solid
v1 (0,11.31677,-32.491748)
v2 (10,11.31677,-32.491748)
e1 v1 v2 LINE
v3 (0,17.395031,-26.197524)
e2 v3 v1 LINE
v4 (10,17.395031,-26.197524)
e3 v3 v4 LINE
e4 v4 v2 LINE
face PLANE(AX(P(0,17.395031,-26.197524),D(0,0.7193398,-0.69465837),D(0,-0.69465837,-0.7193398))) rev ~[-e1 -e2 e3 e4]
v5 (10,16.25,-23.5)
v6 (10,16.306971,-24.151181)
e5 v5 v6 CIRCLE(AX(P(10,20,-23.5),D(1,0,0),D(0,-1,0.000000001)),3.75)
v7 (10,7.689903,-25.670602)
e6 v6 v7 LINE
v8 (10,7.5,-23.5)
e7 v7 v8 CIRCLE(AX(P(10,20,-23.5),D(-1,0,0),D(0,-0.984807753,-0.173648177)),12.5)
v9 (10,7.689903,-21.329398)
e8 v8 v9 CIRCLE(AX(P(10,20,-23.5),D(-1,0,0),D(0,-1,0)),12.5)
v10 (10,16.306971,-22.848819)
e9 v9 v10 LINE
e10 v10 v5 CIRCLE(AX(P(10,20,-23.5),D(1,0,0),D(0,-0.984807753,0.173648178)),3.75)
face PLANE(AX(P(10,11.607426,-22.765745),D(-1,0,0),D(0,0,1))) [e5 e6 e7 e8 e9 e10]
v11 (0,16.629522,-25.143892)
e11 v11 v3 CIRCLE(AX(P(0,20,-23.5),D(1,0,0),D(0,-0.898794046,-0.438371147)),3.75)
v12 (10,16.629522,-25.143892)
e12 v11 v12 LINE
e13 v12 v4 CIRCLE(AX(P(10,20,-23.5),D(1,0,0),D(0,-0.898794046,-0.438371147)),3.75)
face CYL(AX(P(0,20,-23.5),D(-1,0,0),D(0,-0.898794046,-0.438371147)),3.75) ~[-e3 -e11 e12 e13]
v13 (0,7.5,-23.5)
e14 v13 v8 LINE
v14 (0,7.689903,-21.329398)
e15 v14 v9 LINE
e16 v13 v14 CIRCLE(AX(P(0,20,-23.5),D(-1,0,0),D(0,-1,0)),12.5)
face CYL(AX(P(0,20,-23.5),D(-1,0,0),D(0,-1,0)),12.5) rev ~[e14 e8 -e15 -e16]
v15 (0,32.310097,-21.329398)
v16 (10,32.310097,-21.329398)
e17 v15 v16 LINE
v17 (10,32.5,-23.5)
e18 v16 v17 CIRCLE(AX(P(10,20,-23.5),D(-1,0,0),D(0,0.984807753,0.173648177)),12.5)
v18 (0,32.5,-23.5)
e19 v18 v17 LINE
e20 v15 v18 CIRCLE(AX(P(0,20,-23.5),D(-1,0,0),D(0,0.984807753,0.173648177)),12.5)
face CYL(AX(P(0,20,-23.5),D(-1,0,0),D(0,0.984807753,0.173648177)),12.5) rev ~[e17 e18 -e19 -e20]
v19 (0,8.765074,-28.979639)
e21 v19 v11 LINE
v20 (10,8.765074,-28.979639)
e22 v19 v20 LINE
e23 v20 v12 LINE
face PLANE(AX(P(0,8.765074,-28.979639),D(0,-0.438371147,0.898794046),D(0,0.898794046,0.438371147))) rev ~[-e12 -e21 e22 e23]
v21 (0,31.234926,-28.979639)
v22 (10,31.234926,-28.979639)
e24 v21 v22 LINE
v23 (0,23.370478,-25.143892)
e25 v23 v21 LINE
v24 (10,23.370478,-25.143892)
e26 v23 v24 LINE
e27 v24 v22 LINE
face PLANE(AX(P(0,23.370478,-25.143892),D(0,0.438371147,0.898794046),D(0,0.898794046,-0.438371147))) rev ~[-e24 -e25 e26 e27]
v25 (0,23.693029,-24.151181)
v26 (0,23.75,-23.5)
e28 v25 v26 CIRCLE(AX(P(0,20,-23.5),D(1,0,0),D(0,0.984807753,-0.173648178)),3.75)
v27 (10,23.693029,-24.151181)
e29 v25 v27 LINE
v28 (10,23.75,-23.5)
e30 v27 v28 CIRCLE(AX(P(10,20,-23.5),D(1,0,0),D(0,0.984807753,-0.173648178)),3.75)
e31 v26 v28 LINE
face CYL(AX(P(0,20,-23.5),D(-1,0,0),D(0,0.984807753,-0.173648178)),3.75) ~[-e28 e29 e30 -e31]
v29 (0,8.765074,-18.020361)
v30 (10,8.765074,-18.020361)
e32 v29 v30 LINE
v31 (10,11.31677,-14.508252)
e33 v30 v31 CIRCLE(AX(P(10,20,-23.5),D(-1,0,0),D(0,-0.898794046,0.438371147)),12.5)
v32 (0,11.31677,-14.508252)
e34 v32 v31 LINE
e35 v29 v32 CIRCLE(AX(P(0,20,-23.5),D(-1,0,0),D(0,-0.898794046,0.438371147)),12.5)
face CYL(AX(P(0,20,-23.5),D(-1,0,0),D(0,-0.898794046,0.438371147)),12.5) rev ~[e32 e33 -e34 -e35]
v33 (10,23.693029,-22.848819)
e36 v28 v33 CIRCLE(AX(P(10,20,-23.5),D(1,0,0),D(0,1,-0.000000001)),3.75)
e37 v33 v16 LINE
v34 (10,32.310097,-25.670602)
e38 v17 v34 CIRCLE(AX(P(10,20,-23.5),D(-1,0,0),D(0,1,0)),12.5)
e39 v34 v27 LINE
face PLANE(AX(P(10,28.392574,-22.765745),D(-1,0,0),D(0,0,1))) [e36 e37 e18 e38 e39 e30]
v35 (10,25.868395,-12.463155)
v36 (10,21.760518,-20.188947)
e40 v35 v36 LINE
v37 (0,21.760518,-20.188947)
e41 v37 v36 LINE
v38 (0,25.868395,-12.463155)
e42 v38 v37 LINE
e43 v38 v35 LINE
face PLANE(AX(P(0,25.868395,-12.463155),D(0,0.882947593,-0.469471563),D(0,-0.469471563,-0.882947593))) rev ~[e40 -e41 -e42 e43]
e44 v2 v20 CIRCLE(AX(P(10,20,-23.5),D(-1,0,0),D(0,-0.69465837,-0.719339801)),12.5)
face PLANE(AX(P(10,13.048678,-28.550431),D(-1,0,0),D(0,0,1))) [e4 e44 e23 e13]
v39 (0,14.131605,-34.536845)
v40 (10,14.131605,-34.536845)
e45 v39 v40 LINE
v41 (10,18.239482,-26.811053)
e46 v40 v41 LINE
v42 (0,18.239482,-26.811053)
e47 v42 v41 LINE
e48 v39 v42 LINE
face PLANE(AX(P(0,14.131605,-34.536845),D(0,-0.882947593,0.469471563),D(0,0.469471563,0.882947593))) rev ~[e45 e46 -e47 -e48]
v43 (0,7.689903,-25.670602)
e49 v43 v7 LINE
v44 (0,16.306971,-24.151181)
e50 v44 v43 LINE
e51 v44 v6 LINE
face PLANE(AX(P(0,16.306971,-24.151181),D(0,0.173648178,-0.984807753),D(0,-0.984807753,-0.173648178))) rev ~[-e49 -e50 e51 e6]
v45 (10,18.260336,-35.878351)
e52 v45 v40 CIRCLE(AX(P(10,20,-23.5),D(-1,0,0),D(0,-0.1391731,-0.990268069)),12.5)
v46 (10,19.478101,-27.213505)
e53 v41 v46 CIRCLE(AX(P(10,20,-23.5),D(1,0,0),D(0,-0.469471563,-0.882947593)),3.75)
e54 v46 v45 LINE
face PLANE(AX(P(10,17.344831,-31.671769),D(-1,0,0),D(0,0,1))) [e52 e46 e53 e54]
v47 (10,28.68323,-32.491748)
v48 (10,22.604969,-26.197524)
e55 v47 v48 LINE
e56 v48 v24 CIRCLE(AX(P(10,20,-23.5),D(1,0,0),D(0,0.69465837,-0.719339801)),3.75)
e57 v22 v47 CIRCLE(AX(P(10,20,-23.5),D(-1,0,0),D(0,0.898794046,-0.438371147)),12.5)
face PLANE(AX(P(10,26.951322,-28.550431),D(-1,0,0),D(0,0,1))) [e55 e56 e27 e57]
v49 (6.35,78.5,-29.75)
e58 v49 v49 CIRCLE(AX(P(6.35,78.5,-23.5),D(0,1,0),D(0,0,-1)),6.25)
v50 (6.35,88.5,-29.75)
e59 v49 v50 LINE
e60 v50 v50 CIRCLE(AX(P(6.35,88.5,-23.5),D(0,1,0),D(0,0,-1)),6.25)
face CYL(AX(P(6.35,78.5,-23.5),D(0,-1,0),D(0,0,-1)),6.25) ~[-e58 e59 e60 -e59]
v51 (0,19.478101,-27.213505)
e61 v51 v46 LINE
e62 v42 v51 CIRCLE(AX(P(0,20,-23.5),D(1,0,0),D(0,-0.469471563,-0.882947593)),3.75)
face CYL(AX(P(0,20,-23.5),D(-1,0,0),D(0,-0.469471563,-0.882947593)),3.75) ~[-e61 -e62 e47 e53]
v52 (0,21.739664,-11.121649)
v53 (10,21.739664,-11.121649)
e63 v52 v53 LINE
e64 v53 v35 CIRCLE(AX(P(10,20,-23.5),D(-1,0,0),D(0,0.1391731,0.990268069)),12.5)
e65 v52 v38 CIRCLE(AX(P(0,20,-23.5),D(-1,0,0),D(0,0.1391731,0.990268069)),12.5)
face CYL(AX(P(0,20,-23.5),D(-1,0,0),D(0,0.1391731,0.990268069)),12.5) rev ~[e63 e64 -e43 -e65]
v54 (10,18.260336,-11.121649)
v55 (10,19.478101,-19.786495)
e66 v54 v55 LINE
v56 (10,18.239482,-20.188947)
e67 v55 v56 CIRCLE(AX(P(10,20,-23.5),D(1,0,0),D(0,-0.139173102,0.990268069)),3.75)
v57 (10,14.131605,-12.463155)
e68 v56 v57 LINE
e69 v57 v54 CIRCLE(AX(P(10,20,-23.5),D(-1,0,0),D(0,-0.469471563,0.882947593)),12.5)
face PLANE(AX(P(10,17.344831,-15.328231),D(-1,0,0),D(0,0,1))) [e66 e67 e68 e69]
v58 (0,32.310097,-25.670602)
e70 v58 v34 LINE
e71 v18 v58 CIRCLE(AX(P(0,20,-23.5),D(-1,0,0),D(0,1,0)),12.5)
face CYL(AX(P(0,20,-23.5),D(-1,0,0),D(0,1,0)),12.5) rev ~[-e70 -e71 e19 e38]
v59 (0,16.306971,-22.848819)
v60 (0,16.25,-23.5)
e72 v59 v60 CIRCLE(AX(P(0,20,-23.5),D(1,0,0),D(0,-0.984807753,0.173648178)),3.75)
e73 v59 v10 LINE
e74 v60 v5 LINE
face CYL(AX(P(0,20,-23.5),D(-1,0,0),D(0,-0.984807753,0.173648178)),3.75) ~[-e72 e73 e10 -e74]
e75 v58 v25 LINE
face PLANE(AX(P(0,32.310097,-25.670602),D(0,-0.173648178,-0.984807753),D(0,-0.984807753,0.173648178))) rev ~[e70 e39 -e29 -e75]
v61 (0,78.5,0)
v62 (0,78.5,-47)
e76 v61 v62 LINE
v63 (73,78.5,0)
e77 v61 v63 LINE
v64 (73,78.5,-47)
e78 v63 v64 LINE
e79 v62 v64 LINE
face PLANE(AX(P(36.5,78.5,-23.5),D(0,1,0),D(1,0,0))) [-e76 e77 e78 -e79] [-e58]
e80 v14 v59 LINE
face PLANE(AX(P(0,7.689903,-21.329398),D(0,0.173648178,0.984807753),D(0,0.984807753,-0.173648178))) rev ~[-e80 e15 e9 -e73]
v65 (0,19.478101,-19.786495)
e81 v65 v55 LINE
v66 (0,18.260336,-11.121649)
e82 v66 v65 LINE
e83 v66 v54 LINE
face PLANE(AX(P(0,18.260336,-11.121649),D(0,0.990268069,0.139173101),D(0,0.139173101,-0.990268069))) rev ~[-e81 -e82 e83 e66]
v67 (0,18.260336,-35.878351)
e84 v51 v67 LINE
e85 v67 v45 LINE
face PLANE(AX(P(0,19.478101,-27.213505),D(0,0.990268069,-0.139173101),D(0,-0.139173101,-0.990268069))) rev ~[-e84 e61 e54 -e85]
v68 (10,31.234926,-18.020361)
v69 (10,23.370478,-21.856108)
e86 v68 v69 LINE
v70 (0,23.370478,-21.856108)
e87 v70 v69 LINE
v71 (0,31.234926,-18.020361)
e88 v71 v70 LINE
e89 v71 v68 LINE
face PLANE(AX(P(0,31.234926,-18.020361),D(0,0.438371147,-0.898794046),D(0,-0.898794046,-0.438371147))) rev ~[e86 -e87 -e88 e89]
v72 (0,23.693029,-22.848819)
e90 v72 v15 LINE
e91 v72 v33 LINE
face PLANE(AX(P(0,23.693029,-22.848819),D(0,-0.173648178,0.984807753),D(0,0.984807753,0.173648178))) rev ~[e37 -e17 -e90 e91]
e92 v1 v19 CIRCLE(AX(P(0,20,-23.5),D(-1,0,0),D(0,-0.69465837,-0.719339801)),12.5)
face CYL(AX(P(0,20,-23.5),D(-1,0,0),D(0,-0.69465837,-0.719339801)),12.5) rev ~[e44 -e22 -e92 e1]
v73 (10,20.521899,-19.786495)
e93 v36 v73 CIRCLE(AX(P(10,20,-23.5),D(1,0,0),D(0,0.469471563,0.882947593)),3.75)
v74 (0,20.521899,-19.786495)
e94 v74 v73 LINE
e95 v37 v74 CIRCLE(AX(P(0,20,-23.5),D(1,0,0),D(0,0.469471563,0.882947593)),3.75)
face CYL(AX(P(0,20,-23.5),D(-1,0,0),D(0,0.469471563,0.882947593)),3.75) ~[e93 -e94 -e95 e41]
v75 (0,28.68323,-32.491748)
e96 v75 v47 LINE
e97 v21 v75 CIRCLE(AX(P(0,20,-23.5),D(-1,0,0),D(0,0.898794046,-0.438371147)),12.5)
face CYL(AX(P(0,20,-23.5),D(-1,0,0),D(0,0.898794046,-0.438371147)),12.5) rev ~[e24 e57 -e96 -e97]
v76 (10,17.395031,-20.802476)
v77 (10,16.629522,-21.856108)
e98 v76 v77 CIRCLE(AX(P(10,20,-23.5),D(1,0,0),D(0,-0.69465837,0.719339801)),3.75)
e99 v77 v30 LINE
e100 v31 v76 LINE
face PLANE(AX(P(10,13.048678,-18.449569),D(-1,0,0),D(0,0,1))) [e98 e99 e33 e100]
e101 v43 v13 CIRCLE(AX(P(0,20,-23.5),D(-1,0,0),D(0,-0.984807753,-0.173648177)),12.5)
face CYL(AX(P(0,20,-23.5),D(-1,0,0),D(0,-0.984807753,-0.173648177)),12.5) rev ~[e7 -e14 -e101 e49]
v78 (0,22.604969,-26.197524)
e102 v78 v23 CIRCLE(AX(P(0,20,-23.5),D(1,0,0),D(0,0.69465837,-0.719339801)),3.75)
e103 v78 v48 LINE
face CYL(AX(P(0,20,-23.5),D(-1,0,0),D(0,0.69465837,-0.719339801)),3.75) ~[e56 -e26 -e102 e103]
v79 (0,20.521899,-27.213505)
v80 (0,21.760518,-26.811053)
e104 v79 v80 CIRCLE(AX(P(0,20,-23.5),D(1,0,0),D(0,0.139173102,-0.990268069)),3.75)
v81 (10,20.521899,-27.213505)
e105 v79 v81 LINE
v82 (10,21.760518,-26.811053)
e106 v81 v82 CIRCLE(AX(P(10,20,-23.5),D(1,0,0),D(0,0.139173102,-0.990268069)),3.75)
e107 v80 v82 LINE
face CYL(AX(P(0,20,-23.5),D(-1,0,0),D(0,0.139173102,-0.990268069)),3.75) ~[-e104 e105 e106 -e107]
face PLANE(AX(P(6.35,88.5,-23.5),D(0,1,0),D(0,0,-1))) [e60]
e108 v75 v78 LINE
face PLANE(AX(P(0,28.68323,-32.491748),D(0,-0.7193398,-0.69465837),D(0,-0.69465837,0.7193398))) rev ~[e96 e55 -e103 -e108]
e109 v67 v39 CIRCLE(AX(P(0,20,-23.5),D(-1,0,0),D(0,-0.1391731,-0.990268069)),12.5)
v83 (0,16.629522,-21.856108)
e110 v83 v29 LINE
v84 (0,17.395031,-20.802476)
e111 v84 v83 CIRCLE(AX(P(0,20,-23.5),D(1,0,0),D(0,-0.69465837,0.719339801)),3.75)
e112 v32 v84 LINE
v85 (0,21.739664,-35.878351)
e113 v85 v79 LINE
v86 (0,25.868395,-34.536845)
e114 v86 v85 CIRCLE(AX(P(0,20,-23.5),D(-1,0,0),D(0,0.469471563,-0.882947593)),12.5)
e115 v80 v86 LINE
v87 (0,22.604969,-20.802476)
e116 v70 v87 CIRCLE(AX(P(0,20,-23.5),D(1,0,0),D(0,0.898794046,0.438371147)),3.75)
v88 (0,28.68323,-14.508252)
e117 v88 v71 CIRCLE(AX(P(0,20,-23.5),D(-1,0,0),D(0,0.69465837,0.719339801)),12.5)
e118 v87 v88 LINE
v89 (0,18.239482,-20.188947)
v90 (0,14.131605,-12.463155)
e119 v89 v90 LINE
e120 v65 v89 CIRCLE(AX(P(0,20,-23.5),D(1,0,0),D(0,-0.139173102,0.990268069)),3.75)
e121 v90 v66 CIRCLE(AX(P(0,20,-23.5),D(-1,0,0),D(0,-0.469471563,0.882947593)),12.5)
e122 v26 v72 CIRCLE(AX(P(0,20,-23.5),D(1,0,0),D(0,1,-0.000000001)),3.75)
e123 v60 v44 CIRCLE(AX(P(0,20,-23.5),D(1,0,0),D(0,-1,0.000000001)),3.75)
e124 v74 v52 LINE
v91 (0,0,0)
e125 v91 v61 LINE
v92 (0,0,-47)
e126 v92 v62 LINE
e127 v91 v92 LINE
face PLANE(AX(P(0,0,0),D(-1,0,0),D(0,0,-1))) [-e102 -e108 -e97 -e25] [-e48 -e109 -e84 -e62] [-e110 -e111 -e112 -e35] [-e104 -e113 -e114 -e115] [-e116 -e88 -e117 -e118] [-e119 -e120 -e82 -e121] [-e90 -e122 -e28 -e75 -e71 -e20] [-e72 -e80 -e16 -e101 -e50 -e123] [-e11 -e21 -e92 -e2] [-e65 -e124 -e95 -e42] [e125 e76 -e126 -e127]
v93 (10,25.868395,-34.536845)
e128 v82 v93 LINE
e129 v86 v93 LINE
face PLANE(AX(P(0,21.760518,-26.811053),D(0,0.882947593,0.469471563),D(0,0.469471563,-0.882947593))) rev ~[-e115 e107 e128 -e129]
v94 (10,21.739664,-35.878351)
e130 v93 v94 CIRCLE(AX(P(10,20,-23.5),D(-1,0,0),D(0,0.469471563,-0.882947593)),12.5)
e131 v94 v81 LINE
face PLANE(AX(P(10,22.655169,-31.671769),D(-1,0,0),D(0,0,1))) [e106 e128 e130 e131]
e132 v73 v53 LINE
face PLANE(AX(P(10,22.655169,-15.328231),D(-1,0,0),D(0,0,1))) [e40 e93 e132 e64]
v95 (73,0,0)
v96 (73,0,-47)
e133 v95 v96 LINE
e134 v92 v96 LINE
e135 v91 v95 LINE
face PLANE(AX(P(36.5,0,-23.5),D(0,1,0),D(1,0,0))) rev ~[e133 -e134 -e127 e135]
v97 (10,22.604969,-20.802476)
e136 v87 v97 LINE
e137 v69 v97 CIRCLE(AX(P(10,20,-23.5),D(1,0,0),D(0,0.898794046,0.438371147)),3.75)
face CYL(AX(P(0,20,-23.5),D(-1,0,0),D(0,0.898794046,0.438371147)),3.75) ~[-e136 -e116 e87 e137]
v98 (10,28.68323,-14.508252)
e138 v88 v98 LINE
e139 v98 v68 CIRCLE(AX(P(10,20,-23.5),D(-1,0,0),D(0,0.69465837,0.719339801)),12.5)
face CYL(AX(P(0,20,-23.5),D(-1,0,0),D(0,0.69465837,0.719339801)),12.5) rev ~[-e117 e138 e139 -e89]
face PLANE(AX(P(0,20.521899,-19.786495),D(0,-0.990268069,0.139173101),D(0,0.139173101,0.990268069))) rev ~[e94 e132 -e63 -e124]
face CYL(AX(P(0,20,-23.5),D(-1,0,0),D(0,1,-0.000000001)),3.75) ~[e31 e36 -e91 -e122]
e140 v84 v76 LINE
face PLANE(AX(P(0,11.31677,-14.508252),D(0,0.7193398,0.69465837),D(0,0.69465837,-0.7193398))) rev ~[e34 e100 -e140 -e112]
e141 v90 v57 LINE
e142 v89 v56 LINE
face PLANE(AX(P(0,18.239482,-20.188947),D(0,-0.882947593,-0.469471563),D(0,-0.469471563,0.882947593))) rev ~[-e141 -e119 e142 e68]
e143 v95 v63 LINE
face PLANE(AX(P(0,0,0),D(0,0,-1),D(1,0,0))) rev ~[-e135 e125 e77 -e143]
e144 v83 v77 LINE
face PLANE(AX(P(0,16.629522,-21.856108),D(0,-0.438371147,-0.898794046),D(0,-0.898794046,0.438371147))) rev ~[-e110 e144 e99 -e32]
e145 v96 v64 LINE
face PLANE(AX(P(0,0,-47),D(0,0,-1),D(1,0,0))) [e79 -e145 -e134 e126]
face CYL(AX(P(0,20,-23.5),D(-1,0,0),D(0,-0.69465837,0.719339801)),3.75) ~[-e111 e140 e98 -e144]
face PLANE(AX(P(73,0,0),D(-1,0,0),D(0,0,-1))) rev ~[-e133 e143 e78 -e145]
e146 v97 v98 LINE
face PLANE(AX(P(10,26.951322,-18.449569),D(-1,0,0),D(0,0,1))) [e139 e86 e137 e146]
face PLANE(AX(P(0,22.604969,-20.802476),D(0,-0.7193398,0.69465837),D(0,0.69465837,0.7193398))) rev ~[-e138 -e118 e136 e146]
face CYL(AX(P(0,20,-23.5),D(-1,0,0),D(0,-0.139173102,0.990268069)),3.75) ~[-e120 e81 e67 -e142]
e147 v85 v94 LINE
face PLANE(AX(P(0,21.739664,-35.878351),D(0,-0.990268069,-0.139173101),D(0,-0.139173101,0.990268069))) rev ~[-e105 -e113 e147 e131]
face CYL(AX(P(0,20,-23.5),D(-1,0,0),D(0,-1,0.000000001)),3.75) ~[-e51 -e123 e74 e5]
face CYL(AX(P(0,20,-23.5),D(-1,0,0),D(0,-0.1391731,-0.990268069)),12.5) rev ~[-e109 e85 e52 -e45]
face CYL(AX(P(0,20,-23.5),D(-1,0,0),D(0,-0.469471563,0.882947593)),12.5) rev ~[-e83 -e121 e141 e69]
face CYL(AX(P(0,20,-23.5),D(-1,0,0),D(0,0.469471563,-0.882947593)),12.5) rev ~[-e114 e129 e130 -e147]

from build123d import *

# Parameters (mm, degrees)
SKETCH1_W           = 73
SKETCH1_H           = 47
BOSS_EXTRUDE1_DEPTH = 78.5
SKETCH2_R           = 6.25
BOSS_EXTRUDE2_DEPTH = 10
CUT_EXTRUDE1_DEPTH  = 10


with BuildPart() as part:
    # Sketch1 → Boss-Extrude1 (new body)
    with BuildSketch(Plane(origin=(0, 0, 0), x_dir=(1, 0, 0), z_dir=(0, 1, 0))):
        with Locations((36.5, 23.5)):
            Rectangle(SKETCH1_W, SKETCH1_H)
    extrude(amount=BOSS_EXTRUDE1_DEPTH)

    # Sketch2 → Boss-Extrude2 (add)
    with BuildSketch(Plane(origin=(0, 78.5, 0), x_dir=(1, 0, 0), z_dir=(0, 1, 0))):
        with Locations(Location((6.35, 23.5, 0), (0, 0, 90))):
            Circle(SKETCH2_R)
    extrude(amount=BOSS_EXTRUDE2_DEPTH)

    # Sketch3 → Cut-Extrude1 (cut)
    with BuildSketch(Plane.ZY):
        with BuildLine():
            ThreePointArc((-21.329397779, 32.310096913), (-22.410553216, 32.452433726), (-23.5, 32.5))
            Line((-23.5, 32.5), (-23.5, 23.75))
            ThreePointArc((-23.5, 23.75), (-23.173165965, 23.735730118), (-22.848819334, 23.693029074))
            Line((-22.848819334, 23.693029074), (-21.329397779, 32.310096913))
        make_face()
        with BuildLine():
            Line((-23.5, 23.75), (-23.5, 32.5))
            ThreePointArc((-23.5, 32.5), (-24.589446784, 32.452433726), (-25.670602221, 32.310096913))
            Line((-25.670602221, 32.310096913), (-24.151180666, 23.693029074))
            ThreePointArc((-24.151180666, 23.693029074), (-23.826834035, 23.735730118), (-23.5, 23.75))
        make_face()
        with BuildLine():
            Line((-18.020360665, 31.234925579), (-21.8561082, 23.370477674))
            ThreePointArc((-21.8561082, 23.370477674), (-21.295805304, 23.033813729), (-20.802475749, 22.604968889))
            Line((-20.802475749, 22.604968889), (-14.508252496, 28.683229631))
            ThreePointArc((-14.508252496, 28.683229631), (-16.152684346, 30.11271243), (-18.020360665, 31.234925579))
        make_face()
        with BuildLine():
            Line((-12.463155089, 25.868394535), (-20.188946527, 21.76051836))
            ThreePointArc((-20.188946527, 21.76051836), (-19.933538064, 21.158813729), (-19.786494742, 20.521899129))
            Line((-19.786494742, 20.521899129), (-11.121649141, 21.739663762))
            ThreePointArc((-11.121649141, 21.739663762), (-11.611793546, 23.86271243), (-12.463155089, 25.868394535))
        make_face()
        with BuildLine():
            Line((-11.121649141, 18.260336238), (-19.786494742, 19.478100871))
            ThreePointArc((-19.786494742, 19.478100871), (-19.933538064, 18.841186271), (-20.188946527, 18.23948164))
            Line((-20.188946527, 18.23948164), (-12.463155089, 14.131605465))
            ThreePointArc((-12.463155089, 14.131605465), (-11.611793546, 16.13728757), (-11.121649141, 18.260336238))
        make_face()
        with BuildLine():
            Line((-21.8561082, 16.629522326), (-18.020360665, 8.765074421))
            ThreePointArc((-18.020360665, 8.765074421), (-16.152684346, 9.88728757), (-14.508252496, 11.316770369))
            Line((-14.508252496, 11.316770369), (-20.802475749, 17.395031111))
            ThreePointArc((-20.802475749, 17.395031111), (-21.295805304, 16.966186271), (-21.8561082, 16.629522326))
        make_face()
        with BuildLine():
            Line((-23.5, 16.25), (-23.5, 7.5))
            ThreePointArc((-23.5, 7.5), (-22.410553216, 7.547566274), (-21.329397779, 7.689903087))
            Line((-21.329397779, 7.689903087), (-22.848819334, 16.306970926))
            ThreePointArc((-22.848819334, 16.306970926), (-23.173165965, 16.264269882), (-23.5, 16.25))
        make_face()
        with BuildLine():
            ThreePointArc((-25.670602221, 7.689903087), (-24.589446784, 7.547566274), (-23.5, 7.5))
            Line((-23.5, 7.5), (-23.5, 16.25))
            ThreePointArc((-23.5, 16.25), (-23.826834035, 16.264269882), (-24.151180666, 16.306970926))
            Line((-24.151180666, 16.306970926), (-25.670602221, 7.689903087))
        make_face()
        with BuildLine():
            ThreePointArc((-32.491747504, 11.316770369), (-30.847315654, 9.88728757), (-28.979639335, 8.765074421))
            Line((-28.979639335, 8.765074421), (-25.1438918, 16.629522326))
            ThreePointArc((-25.1438918, 16.629522326), (-25.704194696, 16.966186271), (-26.197524251, 17.395031111))
            Line((-26.197524251, 17.395031111), (-32.491747504, 11.316770369))
        make_face()
        with BuildLine():
            Line((-34.536844911, 14.131605465), (-26.811053473, 18.23948164))
            ThreePointArc((-26.811053473, 18.23948164), (-27.066461936, 18.841186271), (-27.213505258, 19.478100871))
            Line((-27.213505258, 19.478100871), (-35.878350859, 18.260336238))
            ThreePointArc((-35.878350859, 18.260336238), (-35.388206454, 16.13728757), (-34.536844911, 14.131605465))
        make_face()
        with BuildLine():
            Line((-35.878350859, 21.739663762), (-27.213505258, 20.521899129))
            ThreePointArc((-27.213505258, 20.521899129), (-27.066461936, 21.158813729), (-26.811053473, 21.76051836))
            Line((-26.811053473, 21.76051836), (-34.536844911, 25.868394535))
            ThreePointArc((-34.536844911, 25.868394535), (-35.388206454, 23.86271243), (-35.878350859, 21.739663762))
        make_face()
        with BuildLine():
            Line((-32.491747504, 28.683229631), (-26.197524251, 22.604968889))
            ThreePointArc((-26.197524251, 22.604968889), (-25.704194696, 23.033813729), (-25.1438918, 23.370477674))
            Line((-25.1438918, 23.370477674), (-28.979639335, 31.234925579))
            ThreePointArc((-28.979639335, 31.234925579), (-30.847315654, 30.11271243), (-32.491747504, 28.683229631))
        make_face()
    extrude(amount=-CUT_EXTRUDE1_DEPTH, mode=Mode.SUBTRACT)


solid = part.part
